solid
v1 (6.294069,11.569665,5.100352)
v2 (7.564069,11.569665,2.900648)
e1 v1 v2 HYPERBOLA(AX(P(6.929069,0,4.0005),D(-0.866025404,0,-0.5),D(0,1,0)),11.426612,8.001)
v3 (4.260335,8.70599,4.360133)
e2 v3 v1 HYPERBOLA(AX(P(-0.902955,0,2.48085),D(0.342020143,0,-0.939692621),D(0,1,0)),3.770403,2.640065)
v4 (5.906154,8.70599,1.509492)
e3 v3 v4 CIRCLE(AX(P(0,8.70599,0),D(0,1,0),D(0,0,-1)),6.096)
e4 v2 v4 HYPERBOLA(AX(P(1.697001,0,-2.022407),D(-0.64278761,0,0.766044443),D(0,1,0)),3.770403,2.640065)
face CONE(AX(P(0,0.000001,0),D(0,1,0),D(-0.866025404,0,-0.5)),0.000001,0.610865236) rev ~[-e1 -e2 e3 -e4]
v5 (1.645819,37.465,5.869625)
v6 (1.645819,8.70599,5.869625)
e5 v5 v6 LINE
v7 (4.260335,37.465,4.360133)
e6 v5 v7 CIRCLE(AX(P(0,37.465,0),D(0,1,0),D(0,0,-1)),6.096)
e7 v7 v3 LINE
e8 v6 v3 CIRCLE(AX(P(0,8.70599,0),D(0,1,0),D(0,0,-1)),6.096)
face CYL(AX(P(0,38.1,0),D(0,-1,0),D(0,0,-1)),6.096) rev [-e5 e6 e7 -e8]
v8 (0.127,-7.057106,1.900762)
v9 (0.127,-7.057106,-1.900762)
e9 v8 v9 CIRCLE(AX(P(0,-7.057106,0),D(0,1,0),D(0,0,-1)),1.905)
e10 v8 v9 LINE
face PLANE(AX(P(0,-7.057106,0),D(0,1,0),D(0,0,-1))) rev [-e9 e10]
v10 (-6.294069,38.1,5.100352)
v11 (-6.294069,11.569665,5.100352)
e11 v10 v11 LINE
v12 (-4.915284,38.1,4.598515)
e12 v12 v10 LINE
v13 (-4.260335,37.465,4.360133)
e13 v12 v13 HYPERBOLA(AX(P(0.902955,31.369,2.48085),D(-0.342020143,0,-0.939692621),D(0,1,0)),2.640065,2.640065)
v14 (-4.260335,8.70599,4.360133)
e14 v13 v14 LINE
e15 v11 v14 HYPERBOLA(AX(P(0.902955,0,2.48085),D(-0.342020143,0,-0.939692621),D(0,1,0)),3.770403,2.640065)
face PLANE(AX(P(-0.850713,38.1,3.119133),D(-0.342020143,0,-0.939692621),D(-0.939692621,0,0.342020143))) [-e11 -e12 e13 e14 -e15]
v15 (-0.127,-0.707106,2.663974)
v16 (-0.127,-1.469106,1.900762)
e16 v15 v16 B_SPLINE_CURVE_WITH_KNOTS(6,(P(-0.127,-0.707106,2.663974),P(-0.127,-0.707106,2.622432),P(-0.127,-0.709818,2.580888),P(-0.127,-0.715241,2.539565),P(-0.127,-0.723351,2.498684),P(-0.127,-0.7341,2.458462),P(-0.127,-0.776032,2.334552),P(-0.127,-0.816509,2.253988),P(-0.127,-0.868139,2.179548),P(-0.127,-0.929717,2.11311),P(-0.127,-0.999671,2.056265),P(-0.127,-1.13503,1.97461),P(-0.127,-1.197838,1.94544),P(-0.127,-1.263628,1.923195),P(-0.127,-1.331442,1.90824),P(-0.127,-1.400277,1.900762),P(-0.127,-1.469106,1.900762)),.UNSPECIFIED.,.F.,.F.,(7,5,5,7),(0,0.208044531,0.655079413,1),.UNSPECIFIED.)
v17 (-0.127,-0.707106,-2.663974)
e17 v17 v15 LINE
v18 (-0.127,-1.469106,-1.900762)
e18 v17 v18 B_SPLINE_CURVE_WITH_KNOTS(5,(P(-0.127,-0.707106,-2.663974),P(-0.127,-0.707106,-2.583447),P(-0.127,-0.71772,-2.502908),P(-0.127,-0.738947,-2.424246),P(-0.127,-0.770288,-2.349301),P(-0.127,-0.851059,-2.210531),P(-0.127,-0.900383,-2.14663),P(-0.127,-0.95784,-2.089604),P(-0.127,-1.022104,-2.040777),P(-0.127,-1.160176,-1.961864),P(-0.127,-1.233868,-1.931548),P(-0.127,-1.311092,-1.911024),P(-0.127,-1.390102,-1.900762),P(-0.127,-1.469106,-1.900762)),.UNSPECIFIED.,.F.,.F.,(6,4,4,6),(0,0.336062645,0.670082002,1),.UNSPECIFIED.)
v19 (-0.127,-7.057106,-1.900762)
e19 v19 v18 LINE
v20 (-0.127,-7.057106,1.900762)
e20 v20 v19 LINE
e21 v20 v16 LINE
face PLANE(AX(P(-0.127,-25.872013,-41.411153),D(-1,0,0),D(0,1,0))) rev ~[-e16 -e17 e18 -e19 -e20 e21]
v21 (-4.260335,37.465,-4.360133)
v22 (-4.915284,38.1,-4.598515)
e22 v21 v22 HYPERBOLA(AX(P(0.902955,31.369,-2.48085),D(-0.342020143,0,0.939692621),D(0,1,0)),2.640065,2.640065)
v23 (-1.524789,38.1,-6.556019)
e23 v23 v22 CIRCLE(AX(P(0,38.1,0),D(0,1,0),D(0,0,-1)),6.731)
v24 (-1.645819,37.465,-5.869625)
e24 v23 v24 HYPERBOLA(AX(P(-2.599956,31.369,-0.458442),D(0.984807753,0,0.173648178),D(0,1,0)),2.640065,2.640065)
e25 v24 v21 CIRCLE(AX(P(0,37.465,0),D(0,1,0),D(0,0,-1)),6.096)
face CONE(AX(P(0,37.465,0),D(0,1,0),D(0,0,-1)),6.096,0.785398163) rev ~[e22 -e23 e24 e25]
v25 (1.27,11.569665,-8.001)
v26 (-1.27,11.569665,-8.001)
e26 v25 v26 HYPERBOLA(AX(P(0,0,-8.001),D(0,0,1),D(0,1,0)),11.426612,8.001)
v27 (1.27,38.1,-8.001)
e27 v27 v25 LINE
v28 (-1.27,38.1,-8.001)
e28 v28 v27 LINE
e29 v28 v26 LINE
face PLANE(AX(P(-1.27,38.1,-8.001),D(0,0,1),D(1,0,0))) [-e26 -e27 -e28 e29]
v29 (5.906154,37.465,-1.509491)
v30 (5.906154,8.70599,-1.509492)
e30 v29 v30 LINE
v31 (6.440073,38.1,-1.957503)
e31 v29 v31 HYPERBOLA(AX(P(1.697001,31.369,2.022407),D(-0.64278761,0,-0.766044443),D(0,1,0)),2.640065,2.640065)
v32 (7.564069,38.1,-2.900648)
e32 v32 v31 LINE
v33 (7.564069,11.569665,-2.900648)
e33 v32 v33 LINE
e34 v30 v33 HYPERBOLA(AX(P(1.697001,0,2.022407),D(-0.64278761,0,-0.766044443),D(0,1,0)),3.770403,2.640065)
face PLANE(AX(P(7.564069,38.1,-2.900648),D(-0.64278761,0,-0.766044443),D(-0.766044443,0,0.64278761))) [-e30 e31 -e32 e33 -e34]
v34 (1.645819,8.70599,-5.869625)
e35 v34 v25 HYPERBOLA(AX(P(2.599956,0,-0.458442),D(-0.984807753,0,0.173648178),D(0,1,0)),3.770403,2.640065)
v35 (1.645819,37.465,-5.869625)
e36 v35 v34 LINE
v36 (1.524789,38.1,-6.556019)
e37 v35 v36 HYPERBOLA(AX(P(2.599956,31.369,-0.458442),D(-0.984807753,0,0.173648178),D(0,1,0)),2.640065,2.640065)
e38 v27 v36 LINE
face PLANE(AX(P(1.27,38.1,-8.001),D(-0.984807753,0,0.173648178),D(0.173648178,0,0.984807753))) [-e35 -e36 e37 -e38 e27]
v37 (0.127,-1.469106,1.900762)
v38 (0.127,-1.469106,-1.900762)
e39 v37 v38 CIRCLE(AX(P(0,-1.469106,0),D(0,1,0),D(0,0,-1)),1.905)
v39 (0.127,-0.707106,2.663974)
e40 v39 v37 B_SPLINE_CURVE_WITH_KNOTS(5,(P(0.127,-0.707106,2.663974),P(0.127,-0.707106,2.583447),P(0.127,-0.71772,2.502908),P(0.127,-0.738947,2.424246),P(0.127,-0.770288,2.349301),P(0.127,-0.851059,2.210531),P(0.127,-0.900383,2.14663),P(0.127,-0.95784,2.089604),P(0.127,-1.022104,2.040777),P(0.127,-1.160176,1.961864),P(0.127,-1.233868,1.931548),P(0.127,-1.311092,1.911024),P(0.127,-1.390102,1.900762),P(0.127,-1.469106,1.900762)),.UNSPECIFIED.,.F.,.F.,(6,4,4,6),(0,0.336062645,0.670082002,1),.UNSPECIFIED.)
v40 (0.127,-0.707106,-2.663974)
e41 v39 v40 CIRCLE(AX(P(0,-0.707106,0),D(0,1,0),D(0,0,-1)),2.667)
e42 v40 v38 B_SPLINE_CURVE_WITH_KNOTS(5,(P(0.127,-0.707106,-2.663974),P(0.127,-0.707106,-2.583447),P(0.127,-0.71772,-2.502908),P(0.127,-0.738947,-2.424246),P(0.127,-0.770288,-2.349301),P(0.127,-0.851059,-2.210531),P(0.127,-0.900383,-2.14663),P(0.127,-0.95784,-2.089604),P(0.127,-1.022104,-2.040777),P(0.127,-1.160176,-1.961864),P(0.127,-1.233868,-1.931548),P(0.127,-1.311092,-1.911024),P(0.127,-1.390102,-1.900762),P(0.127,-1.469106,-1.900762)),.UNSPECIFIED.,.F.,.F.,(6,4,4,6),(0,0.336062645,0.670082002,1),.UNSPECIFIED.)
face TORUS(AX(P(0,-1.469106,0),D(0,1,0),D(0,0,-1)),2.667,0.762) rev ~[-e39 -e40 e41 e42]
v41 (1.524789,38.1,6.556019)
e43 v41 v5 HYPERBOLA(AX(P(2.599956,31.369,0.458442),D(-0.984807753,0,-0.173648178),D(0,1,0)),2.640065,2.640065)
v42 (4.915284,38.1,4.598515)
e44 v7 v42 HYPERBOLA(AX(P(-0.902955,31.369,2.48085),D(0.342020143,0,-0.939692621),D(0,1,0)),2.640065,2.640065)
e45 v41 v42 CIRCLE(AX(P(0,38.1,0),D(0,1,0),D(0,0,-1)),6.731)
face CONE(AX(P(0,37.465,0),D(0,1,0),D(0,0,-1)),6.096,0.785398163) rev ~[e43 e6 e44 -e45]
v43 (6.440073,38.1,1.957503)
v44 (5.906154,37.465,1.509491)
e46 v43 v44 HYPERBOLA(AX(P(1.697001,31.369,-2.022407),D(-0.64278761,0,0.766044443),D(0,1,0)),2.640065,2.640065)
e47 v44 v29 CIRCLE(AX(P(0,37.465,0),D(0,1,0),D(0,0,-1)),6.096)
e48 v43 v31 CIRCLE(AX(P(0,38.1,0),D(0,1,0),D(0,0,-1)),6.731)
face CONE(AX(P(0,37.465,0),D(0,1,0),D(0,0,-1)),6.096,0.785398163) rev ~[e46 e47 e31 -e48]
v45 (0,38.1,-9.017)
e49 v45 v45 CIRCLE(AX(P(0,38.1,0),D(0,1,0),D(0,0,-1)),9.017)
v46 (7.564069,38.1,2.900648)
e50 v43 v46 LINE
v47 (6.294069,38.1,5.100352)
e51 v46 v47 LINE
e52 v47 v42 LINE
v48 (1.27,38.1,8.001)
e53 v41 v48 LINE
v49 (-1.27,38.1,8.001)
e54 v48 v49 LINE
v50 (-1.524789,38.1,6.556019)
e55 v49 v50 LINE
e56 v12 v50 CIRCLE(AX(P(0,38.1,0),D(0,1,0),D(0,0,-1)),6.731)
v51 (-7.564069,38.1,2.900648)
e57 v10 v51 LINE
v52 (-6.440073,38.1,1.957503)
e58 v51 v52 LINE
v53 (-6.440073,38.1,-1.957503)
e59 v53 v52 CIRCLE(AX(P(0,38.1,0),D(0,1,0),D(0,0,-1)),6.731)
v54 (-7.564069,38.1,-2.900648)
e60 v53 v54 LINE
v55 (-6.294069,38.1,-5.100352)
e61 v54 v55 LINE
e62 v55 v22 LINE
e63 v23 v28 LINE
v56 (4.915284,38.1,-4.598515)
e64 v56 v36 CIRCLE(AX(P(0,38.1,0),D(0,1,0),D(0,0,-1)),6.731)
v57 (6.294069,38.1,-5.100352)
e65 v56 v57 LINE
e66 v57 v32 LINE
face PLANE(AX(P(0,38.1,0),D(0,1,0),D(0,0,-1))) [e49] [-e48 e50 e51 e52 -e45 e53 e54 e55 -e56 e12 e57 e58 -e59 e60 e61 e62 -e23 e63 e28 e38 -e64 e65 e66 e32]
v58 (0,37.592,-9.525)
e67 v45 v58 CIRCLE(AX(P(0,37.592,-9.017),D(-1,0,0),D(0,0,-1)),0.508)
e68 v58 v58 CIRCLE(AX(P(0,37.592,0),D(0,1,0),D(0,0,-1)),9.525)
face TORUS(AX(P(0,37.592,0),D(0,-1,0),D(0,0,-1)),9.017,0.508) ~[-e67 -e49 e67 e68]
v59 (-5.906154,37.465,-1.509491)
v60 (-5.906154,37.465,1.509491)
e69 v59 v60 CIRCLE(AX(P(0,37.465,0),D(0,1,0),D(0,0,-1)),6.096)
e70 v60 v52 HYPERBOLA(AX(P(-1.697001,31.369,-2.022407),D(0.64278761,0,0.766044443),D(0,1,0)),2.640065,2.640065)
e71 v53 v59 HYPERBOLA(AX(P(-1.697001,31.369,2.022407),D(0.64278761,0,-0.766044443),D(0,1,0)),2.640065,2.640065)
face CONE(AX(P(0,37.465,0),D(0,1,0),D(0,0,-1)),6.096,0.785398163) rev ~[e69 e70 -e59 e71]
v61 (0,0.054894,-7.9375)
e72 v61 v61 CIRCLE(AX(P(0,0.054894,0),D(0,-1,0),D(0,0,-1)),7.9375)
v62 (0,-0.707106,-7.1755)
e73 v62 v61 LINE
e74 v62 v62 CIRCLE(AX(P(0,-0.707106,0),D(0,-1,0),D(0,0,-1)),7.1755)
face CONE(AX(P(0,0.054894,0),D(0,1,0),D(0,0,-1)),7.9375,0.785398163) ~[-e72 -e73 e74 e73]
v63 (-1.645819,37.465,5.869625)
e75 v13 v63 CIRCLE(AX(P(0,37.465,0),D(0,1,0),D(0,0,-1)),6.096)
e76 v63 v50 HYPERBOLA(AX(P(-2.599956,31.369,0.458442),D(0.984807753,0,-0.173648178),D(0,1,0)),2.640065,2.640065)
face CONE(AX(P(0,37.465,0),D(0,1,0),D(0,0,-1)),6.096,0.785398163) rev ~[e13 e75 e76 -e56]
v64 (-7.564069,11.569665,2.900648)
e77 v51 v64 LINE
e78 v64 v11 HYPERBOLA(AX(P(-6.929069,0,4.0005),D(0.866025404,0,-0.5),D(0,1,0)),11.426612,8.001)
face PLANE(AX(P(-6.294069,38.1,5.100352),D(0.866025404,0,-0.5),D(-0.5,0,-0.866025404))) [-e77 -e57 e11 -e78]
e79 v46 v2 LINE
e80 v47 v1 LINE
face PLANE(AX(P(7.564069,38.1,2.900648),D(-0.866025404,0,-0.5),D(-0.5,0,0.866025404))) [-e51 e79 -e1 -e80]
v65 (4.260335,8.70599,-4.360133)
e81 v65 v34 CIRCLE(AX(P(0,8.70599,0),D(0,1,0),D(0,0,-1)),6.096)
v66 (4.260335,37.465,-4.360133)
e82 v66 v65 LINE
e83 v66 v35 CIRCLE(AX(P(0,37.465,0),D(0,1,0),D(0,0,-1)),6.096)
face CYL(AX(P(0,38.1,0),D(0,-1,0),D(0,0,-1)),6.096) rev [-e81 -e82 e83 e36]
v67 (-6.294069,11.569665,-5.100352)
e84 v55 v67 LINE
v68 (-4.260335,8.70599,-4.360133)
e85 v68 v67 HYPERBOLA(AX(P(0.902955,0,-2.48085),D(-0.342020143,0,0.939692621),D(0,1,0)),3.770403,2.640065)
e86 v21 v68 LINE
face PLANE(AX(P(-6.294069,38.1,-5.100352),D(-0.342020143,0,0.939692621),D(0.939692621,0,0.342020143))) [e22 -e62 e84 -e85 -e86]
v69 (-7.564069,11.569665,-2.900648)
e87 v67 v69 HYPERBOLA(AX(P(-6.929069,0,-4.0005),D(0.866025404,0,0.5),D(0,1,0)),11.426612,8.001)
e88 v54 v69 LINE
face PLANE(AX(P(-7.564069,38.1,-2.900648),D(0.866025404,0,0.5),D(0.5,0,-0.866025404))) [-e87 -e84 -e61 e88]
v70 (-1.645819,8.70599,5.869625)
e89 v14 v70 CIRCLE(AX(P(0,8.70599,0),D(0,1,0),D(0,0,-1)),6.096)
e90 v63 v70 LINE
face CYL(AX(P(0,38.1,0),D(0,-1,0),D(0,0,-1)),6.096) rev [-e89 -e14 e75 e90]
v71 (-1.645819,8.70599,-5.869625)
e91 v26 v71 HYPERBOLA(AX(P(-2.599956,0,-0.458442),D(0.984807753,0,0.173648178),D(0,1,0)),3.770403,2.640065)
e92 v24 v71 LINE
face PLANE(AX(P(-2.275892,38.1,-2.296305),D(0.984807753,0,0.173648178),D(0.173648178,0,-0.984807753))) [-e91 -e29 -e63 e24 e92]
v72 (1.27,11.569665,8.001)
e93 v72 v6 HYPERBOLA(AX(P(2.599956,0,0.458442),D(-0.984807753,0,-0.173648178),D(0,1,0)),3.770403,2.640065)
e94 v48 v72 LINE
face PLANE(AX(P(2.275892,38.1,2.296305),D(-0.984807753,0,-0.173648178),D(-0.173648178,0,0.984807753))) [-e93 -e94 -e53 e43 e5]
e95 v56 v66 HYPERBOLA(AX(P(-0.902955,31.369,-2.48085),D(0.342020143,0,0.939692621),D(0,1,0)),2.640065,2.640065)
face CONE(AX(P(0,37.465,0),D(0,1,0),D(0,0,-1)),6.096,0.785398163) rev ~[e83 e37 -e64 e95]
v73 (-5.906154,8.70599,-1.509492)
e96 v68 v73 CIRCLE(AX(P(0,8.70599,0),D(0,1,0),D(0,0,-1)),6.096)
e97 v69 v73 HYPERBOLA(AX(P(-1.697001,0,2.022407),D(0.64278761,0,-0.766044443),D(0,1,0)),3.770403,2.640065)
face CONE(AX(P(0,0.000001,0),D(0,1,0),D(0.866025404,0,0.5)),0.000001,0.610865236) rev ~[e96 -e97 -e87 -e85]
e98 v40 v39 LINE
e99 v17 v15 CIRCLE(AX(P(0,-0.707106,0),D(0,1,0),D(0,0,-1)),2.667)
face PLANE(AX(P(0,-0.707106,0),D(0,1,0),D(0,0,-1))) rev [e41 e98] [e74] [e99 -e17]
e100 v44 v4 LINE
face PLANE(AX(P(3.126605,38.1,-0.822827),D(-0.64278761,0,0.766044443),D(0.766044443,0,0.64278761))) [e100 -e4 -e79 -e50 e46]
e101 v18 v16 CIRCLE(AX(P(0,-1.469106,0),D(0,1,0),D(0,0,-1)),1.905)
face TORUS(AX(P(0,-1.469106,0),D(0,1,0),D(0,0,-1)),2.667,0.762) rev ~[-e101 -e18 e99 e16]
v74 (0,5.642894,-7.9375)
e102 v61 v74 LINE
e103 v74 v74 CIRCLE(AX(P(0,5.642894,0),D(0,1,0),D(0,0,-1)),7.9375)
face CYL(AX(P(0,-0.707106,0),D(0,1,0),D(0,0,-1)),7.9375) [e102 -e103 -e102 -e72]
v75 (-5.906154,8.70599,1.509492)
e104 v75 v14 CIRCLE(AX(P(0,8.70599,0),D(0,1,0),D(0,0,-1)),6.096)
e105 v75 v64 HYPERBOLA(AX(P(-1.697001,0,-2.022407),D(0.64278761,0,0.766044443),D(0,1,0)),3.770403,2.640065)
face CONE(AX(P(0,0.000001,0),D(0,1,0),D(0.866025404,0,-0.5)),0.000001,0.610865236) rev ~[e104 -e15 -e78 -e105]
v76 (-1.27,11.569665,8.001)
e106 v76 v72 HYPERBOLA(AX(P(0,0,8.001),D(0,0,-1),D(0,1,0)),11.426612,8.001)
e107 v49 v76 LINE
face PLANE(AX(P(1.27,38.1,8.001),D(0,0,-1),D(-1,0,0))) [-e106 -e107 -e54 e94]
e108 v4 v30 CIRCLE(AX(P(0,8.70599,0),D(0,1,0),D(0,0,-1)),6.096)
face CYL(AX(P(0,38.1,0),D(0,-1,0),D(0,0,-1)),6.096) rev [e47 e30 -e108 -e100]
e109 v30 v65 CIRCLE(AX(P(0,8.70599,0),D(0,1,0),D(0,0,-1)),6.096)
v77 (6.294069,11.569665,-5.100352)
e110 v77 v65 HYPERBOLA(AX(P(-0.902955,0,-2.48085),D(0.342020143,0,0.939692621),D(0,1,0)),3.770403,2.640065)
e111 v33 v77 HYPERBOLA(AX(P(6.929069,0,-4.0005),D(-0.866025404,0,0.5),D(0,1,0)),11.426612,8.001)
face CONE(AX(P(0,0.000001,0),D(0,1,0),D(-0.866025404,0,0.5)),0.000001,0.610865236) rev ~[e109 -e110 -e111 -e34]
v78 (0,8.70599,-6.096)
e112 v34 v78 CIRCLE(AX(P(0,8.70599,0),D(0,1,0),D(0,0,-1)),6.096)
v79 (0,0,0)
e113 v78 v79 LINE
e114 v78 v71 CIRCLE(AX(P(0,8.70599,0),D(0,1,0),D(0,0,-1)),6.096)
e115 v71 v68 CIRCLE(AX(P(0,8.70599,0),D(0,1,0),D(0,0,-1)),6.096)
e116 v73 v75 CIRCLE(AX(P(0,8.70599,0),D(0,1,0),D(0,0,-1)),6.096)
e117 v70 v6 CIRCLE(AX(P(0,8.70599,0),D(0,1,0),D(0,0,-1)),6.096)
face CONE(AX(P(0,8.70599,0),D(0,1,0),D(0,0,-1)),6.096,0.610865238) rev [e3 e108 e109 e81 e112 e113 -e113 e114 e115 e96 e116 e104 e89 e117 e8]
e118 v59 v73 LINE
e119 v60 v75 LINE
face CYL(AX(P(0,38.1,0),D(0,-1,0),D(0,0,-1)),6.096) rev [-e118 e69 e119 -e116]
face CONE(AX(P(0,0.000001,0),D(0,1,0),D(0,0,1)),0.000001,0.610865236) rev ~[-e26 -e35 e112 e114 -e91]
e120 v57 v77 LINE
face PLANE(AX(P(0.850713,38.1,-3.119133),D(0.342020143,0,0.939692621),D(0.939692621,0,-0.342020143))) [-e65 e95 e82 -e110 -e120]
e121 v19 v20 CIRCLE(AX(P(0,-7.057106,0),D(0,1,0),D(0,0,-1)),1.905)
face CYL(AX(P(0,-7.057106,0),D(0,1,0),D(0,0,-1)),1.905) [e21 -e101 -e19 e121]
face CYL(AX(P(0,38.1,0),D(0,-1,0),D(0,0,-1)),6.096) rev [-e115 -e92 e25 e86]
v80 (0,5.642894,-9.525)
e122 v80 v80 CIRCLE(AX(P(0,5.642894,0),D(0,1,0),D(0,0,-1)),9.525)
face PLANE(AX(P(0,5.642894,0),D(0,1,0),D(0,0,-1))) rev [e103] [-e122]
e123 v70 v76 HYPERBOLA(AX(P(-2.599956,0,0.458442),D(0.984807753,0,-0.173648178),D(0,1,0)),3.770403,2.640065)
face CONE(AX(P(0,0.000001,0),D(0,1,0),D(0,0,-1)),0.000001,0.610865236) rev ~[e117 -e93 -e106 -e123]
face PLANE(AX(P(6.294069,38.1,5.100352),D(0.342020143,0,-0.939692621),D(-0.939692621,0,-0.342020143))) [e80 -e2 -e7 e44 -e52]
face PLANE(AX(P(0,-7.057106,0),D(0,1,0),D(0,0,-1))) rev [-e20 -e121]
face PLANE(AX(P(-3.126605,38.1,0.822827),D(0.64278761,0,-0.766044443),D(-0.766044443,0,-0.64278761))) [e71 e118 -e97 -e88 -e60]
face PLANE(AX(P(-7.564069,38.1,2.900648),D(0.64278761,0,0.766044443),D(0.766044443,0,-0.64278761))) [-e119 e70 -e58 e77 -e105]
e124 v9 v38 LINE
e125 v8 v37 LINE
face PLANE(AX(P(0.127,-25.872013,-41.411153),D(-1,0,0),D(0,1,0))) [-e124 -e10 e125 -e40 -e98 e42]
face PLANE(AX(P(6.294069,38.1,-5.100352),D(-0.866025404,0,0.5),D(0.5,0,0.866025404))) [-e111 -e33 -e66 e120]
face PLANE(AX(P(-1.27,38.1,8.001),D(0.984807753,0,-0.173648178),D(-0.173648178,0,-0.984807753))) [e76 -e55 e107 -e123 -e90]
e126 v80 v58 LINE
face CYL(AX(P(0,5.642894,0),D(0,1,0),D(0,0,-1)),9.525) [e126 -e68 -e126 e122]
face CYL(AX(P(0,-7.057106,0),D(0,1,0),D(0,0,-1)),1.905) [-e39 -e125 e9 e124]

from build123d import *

# Parameters (mm, degrees)
CHAMFER1_SIZE           = 0.635
FILLET3_R               = 0.508
CUT_EXTRUDE8_REACH      = 49.123
CIRPATTERN1_COUNT       = 6
FILLET4_R               = 0.762
CUT_EXTRUDE9_DEPTH      = 41.411152568
CUT_EXTRUDE9_DEPTH_BACK = 41.411152568
SKETCH15_W              = 0.254
SKETCH15_H              = 25.164906623
CHAMFER2_SIZE           = 0.762


with BuildPart() as part:
    # Sketch1 → mainBody (revolve)
    with BuildSketch(Plane(origin=(0, 0, 0), x_dir=(0, 0, -1), z_dir=(1, 0, 0)), mode=Mode.PRIVATE) as mainbody_sk:
        Polygon((-6.096, 38.1), (-6.096, 8.705990249), (0, 0), (0, -7.057106074), (-1.905, -7.057106074), (-1.905, -0.707106074), (-7.9375, -0.707106074), (-7.9375, 5.642893926), (-9.525, 5.642893926), (-9.525, 38.1), align=None)
    revolve(mainbody_sk.sketch.rotate(Axis((0, 0, 0), (0, 1, 0)), 180), axis=Axis((0, 0, 0), (0, 1, 0)))

    # Chamfer1
    chamfer1_edges = [part.edges().sort_by_distance(p)[0] for p in [
        (0, 38.1, 6.096),
    ]]
    chamfer(chamfer1_edges, length=CHAMFER1_SIZE)

    # Fillet3
    fillet3_edges = [part.edges().sort_by_distance(p)[0] for p in [
        (0, 38.1, 9.525),
    ]]
    fillet(fillet3_edges, radius=FILLET3_R)

    # Cut-Extrude8: up to this cone (the profile starts inside it)
    cut_extrude8_end = Plane(origin=(0, 38.1, 0), z_dir=(0, 1, 0)).offset(-38.099999) * Cone(1e-06, 80.104377604, 114.400906206, align=(Align.CENTER, Align.CENTER, Align.MIN), mode=Mode.PRIVATE)
    # Sketch13 → Cut-Extrude8 (cut, up to the surface)
    with BuildSketch(Plane(origin=(0, 38.1, 0), x_dir=(1, 0, 0), z_dir=(0, 1, 0)), mode=Mode.PRIVATE) as cut_extrude8_sk1:
        Polygon((-1.27, 8.001), (1.27, 8.001), (2.27589157, 2.296305428), (-2.27589157, 2.296305428), align=None)
    cut_extrude8_tool1 = extrude(cut_extrude8_sk1.sketch, amount=-CUT_EXTRUDE8_REACH, mode=Mode.PRIVATE) & cut_extrude8_end
    cut_extrude8 = cut_extrude8_tool1.solids().sort_by_distance((0, 38.1, -4.878937))[0]
    add(cut_extrude8, mode=Mode.SUBTRACT)

    # CirPattern1: Cut-Extrude8 ×6 about axis
    cirpattern1_axis = Axis((0, 0, 0), (0, 1, 0))
    for i in range(1, CIRPATTERN1_COUNT):
        add(cut_extrude8.rotate(cirpattern1_axis, i * 360 / CIRPATTERN1_COUNT), mode=Mode.SUBTRACT)

    # Fillet4
    fillet4_edges = [part.edges().sort_by_distance(p)[0] for p in [
        (0, -0.707106074, 1.905),
    ]]
    fillet(fillet4_edges, radius=FILLET4_R)

    # Sketch15 → Cut-Extrude9 (cut, two sides: drawn at the far end of the back side and taken through both)
    with BuildSketch(Plane.XY.offset(-CUT_EXTRUDE9_DEPTH_BACK)):
        with Locations((0, -13.289559386)):
            Rectangle(SKETCH15_W, SKETCH15_H)
    extrude(amount=CUT_EXTRUDE9_DEPTH + CUT_EXTRUDE9_DEPTH_BACK, mode=Mode.SUBTRACT)

    # Chamfer2
    chamfer2_edges = [part.edges().sort_by_distance(p)[0] for p in [
        (0, -0.707106074, 7.9375),
    ]]
    chamfer(chamfer2_edges, length=CHAMFER2_SIZE)


solid = part.part
